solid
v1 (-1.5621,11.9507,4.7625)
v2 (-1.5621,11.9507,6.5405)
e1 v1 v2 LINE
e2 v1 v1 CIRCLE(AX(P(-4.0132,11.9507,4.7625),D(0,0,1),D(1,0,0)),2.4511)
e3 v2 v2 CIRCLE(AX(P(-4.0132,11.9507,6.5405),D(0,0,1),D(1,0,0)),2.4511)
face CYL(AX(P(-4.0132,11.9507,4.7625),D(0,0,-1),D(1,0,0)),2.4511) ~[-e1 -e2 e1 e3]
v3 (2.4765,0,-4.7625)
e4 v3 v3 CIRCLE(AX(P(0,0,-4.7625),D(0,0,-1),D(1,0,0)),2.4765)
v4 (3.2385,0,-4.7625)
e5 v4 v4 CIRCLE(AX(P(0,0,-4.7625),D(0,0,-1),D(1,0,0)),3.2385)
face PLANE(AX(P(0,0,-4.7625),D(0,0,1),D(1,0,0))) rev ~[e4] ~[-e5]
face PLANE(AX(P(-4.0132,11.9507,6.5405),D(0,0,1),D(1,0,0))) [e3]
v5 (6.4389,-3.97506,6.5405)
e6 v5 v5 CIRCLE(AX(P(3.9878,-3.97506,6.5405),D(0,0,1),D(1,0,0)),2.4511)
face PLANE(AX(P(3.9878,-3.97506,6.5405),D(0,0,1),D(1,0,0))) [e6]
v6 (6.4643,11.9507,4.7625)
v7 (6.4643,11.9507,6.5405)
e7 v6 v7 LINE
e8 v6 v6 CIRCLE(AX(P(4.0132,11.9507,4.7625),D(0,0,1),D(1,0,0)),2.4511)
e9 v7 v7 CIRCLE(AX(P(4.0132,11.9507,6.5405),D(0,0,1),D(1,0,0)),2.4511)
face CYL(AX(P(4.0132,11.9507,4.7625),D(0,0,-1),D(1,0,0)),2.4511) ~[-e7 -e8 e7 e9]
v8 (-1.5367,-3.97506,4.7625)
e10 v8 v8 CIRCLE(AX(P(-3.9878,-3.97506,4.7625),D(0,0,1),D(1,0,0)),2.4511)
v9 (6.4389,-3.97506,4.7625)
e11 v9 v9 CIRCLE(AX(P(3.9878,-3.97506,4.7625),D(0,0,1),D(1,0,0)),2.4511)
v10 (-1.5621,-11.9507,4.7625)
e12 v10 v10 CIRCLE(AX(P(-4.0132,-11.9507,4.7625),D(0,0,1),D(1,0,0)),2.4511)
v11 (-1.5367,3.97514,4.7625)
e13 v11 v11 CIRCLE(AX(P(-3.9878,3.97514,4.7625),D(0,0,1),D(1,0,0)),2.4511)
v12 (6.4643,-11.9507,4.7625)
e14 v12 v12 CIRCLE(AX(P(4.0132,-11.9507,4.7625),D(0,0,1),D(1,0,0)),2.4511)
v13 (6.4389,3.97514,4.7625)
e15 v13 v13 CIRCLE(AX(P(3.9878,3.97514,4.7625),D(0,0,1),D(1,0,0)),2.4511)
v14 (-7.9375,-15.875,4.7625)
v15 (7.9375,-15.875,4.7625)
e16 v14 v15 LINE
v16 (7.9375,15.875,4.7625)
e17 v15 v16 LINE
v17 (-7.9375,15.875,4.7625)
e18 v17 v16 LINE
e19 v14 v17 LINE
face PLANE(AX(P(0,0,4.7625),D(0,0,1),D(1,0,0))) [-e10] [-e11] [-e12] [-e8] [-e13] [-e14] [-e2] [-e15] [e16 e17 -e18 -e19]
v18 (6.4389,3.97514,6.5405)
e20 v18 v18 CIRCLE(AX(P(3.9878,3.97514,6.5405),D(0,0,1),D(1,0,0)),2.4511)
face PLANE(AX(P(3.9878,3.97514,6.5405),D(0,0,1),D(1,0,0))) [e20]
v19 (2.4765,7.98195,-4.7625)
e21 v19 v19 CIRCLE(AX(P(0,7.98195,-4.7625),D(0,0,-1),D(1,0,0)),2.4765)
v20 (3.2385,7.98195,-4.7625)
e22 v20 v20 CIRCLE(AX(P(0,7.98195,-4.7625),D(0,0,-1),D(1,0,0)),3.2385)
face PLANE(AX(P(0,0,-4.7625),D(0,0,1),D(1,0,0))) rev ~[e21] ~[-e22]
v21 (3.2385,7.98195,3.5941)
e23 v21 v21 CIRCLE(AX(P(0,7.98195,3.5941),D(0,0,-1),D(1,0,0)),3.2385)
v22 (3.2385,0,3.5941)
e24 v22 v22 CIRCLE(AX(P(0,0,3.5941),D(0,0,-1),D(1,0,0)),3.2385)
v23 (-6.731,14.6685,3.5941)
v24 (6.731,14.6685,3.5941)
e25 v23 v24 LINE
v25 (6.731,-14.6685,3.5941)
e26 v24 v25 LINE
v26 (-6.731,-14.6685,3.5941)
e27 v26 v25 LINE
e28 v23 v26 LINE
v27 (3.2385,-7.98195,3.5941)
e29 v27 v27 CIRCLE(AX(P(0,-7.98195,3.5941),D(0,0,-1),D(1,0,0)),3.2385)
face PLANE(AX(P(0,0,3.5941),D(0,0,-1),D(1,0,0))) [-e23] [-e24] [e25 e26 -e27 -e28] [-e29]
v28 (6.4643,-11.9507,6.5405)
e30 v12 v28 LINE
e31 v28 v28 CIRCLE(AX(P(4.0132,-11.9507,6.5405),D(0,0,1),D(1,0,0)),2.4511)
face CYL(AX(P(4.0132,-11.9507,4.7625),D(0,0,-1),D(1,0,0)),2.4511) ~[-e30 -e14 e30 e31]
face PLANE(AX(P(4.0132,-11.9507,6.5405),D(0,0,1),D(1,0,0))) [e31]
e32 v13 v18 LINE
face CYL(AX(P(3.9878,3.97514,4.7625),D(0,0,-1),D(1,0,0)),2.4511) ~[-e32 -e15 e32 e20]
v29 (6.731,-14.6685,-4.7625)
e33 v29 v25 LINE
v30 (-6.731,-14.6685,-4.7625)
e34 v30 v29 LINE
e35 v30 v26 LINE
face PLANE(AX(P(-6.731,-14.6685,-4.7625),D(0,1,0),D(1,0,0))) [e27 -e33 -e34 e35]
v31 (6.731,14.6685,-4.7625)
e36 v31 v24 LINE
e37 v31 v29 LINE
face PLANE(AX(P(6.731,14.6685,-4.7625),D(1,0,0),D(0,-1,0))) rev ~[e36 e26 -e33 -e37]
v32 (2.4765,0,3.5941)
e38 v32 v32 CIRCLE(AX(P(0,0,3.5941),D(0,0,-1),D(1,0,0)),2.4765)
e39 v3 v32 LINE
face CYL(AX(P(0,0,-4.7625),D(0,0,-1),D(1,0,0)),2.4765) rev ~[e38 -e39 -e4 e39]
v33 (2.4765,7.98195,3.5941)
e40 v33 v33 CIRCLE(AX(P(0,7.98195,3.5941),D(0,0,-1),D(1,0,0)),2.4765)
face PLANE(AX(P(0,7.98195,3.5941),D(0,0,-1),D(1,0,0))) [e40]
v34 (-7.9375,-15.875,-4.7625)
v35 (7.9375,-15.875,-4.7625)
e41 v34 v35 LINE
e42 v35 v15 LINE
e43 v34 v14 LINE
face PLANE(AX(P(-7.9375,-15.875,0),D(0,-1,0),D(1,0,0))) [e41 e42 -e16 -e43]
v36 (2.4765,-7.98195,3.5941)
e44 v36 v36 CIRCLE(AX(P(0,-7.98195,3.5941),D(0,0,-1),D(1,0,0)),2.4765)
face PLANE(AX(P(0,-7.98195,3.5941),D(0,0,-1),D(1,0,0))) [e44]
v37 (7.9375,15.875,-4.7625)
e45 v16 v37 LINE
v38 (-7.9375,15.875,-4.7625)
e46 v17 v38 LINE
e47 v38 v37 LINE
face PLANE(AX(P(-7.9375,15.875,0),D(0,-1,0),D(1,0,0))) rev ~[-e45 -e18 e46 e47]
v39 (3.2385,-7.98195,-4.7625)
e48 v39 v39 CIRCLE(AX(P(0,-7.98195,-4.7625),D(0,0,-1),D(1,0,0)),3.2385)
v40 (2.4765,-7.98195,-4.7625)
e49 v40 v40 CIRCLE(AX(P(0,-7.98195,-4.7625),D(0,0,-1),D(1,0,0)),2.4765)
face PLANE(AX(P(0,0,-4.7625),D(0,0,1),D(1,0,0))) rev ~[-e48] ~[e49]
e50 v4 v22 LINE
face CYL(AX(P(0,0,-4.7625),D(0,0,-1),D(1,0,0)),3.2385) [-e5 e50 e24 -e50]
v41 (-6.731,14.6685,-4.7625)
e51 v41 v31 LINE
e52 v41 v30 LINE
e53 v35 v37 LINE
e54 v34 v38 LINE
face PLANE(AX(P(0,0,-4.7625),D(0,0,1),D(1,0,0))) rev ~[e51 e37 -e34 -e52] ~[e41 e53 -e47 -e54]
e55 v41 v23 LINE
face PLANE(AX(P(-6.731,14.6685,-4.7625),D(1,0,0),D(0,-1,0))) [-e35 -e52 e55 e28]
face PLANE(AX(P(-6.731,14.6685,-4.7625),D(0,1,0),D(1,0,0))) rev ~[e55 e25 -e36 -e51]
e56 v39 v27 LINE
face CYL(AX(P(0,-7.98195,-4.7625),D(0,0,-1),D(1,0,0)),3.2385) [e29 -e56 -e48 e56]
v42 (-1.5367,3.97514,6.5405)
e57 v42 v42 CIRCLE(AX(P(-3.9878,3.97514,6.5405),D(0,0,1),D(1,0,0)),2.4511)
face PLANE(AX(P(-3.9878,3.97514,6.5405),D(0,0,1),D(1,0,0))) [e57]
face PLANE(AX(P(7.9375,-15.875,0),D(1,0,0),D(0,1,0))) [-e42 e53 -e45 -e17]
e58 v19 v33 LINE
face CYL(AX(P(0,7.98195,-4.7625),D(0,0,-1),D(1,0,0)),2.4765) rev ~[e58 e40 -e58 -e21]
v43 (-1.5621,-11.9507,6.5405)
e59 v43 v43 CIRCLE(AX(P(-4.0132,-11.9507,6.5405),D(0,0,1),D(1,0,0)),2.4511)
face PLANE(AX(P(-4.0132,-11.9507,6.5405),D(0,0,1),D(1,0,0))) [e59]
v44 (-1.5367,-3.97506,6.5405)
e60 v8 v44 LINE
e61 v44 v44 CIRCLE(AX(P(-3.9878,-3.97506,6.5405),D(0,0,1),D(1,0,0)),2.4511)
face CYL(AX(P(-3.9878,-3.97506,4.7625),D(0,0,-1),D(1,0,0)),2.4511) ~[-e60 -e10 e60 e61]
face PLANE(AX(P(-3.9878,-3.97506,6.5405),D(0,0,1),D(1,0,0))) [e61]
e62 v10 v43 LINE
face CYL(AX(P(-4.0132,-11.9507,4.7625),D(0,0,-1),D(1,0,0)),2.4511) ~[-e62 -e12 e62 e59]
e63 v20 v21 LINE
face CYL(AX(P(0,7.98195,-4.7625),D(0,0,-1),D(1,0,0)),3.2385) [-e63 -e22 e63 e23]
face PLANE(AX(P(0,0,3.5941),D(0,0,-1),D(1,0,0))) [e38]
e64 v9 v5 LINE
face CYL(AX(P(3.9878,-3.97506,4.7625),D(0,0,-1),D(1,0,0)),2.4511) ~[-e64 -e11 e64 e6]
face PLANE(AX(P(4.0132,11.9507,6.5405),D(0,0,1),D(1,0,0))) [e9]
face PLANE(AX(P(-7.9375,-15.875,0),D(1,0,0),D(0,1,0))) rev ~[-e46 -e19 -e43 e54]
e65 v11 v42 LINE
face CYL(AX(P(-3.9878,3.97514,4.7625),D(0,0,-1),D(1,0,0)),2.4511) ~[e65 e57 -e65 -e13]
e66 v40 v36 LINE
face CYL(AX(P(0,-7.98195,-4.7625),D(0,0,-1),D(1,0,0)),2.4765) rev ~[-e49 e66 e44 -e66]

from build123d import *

# Parameters (mm, degrees)
F0_W     = 15.875
F0_H     = 31.75
F1_DEPTH = 4.7625
F2_R     = 2.4511
F3_DEPTH = 1.778
F4_W     = 13.462
F4_H     = 29.337
F4_R     = 3.2385
F5_DEPTH = 8.3566
F6_R     = 2.4765
F7_R     = 2.4765
F8_R     = 2.4765
F9_DEPTH = 8.3566


with BuildPart() as f1:
    # F0 (on Top) → F1 (new body, symmetric)
    with BuildSketch(Plane.XY):
        Rectangle(F0_W, F0_H)
    extrude(amount=F1_DEPTH, both=True)

    # F2 (on face) → F3 (join)
    with BuildSketch(Plane.XY.offset(4.7625)):
        with Locations((4.0132, 11.9507)):
            Circle(F2_R)
        with Locations((3.9878, 3.97514)):
            Circle(F2_R)
        with Locations((3.9878, -3.97506)):
            Circle(F2_R)
        with Locations((4.0132, -11.9507)):
            Circle(F2_R)
        with Locations((-4.0132, -11.9507)):
            Circle(F2_R)
        with Locations((-3.9878, -3.97506)):
            Circle(F2_R)
        with Locations((-3.9878, 3.97514)):
            Circle(F2_R)
        with Locations((-4.0132, 11.9507)):
            Circle(F2_R)
    extrude(amount=F3_DEPTH)

    # F4 (on face) → F5 (cut)
    with BuildSketch(Plane(origin=(0, 0, -4.7625), x_dir=(1, 0, 0), z_dir=(0, 0, -1))):
        Rectangle(F4_W, F4_H)
        with Locations((0, -7.98195)):
            Circle(F4_R, mode=Mode.SUBTRACT)
        Circle(F4_R, mode=Mode.SUBTRACT)
        with Locations((0, 7.98195)):
            Circle(F4_R, mode=Mode.SUBTRACT)
    extrude(amount=-F5_DEPTH, mode=Mode.SUBTRACT)

    # F6 (on face) + F7 (on face) + F8 (on face) → F9 (cut)
    with BuildSketch(Plane(origin=(0, 0, -4.7625), x_dir=(1, 0, 0), z_dir=(0, 0, -1))):
        Circle(F6_R)
    with BuildSketch(Plane(origin=(0, 0, -4.7625), x_dir=(1, 0, 0), z_dir=(0, 0, -1))):
        with Locations((0, 7.98195)):
            Circle(F7_R)
    with BuildSketch(Plane(origin=(0, 0, -4.7625), x_dir=(1, 0, 0), z_dir=(0, 0, -1))):
        with Locations((0, -7.98195)):
            Circle(F8_R)
    extrude(amount=-F9_DEPTH, mode=Mode.SUBTRACT)


solid = f1.part
